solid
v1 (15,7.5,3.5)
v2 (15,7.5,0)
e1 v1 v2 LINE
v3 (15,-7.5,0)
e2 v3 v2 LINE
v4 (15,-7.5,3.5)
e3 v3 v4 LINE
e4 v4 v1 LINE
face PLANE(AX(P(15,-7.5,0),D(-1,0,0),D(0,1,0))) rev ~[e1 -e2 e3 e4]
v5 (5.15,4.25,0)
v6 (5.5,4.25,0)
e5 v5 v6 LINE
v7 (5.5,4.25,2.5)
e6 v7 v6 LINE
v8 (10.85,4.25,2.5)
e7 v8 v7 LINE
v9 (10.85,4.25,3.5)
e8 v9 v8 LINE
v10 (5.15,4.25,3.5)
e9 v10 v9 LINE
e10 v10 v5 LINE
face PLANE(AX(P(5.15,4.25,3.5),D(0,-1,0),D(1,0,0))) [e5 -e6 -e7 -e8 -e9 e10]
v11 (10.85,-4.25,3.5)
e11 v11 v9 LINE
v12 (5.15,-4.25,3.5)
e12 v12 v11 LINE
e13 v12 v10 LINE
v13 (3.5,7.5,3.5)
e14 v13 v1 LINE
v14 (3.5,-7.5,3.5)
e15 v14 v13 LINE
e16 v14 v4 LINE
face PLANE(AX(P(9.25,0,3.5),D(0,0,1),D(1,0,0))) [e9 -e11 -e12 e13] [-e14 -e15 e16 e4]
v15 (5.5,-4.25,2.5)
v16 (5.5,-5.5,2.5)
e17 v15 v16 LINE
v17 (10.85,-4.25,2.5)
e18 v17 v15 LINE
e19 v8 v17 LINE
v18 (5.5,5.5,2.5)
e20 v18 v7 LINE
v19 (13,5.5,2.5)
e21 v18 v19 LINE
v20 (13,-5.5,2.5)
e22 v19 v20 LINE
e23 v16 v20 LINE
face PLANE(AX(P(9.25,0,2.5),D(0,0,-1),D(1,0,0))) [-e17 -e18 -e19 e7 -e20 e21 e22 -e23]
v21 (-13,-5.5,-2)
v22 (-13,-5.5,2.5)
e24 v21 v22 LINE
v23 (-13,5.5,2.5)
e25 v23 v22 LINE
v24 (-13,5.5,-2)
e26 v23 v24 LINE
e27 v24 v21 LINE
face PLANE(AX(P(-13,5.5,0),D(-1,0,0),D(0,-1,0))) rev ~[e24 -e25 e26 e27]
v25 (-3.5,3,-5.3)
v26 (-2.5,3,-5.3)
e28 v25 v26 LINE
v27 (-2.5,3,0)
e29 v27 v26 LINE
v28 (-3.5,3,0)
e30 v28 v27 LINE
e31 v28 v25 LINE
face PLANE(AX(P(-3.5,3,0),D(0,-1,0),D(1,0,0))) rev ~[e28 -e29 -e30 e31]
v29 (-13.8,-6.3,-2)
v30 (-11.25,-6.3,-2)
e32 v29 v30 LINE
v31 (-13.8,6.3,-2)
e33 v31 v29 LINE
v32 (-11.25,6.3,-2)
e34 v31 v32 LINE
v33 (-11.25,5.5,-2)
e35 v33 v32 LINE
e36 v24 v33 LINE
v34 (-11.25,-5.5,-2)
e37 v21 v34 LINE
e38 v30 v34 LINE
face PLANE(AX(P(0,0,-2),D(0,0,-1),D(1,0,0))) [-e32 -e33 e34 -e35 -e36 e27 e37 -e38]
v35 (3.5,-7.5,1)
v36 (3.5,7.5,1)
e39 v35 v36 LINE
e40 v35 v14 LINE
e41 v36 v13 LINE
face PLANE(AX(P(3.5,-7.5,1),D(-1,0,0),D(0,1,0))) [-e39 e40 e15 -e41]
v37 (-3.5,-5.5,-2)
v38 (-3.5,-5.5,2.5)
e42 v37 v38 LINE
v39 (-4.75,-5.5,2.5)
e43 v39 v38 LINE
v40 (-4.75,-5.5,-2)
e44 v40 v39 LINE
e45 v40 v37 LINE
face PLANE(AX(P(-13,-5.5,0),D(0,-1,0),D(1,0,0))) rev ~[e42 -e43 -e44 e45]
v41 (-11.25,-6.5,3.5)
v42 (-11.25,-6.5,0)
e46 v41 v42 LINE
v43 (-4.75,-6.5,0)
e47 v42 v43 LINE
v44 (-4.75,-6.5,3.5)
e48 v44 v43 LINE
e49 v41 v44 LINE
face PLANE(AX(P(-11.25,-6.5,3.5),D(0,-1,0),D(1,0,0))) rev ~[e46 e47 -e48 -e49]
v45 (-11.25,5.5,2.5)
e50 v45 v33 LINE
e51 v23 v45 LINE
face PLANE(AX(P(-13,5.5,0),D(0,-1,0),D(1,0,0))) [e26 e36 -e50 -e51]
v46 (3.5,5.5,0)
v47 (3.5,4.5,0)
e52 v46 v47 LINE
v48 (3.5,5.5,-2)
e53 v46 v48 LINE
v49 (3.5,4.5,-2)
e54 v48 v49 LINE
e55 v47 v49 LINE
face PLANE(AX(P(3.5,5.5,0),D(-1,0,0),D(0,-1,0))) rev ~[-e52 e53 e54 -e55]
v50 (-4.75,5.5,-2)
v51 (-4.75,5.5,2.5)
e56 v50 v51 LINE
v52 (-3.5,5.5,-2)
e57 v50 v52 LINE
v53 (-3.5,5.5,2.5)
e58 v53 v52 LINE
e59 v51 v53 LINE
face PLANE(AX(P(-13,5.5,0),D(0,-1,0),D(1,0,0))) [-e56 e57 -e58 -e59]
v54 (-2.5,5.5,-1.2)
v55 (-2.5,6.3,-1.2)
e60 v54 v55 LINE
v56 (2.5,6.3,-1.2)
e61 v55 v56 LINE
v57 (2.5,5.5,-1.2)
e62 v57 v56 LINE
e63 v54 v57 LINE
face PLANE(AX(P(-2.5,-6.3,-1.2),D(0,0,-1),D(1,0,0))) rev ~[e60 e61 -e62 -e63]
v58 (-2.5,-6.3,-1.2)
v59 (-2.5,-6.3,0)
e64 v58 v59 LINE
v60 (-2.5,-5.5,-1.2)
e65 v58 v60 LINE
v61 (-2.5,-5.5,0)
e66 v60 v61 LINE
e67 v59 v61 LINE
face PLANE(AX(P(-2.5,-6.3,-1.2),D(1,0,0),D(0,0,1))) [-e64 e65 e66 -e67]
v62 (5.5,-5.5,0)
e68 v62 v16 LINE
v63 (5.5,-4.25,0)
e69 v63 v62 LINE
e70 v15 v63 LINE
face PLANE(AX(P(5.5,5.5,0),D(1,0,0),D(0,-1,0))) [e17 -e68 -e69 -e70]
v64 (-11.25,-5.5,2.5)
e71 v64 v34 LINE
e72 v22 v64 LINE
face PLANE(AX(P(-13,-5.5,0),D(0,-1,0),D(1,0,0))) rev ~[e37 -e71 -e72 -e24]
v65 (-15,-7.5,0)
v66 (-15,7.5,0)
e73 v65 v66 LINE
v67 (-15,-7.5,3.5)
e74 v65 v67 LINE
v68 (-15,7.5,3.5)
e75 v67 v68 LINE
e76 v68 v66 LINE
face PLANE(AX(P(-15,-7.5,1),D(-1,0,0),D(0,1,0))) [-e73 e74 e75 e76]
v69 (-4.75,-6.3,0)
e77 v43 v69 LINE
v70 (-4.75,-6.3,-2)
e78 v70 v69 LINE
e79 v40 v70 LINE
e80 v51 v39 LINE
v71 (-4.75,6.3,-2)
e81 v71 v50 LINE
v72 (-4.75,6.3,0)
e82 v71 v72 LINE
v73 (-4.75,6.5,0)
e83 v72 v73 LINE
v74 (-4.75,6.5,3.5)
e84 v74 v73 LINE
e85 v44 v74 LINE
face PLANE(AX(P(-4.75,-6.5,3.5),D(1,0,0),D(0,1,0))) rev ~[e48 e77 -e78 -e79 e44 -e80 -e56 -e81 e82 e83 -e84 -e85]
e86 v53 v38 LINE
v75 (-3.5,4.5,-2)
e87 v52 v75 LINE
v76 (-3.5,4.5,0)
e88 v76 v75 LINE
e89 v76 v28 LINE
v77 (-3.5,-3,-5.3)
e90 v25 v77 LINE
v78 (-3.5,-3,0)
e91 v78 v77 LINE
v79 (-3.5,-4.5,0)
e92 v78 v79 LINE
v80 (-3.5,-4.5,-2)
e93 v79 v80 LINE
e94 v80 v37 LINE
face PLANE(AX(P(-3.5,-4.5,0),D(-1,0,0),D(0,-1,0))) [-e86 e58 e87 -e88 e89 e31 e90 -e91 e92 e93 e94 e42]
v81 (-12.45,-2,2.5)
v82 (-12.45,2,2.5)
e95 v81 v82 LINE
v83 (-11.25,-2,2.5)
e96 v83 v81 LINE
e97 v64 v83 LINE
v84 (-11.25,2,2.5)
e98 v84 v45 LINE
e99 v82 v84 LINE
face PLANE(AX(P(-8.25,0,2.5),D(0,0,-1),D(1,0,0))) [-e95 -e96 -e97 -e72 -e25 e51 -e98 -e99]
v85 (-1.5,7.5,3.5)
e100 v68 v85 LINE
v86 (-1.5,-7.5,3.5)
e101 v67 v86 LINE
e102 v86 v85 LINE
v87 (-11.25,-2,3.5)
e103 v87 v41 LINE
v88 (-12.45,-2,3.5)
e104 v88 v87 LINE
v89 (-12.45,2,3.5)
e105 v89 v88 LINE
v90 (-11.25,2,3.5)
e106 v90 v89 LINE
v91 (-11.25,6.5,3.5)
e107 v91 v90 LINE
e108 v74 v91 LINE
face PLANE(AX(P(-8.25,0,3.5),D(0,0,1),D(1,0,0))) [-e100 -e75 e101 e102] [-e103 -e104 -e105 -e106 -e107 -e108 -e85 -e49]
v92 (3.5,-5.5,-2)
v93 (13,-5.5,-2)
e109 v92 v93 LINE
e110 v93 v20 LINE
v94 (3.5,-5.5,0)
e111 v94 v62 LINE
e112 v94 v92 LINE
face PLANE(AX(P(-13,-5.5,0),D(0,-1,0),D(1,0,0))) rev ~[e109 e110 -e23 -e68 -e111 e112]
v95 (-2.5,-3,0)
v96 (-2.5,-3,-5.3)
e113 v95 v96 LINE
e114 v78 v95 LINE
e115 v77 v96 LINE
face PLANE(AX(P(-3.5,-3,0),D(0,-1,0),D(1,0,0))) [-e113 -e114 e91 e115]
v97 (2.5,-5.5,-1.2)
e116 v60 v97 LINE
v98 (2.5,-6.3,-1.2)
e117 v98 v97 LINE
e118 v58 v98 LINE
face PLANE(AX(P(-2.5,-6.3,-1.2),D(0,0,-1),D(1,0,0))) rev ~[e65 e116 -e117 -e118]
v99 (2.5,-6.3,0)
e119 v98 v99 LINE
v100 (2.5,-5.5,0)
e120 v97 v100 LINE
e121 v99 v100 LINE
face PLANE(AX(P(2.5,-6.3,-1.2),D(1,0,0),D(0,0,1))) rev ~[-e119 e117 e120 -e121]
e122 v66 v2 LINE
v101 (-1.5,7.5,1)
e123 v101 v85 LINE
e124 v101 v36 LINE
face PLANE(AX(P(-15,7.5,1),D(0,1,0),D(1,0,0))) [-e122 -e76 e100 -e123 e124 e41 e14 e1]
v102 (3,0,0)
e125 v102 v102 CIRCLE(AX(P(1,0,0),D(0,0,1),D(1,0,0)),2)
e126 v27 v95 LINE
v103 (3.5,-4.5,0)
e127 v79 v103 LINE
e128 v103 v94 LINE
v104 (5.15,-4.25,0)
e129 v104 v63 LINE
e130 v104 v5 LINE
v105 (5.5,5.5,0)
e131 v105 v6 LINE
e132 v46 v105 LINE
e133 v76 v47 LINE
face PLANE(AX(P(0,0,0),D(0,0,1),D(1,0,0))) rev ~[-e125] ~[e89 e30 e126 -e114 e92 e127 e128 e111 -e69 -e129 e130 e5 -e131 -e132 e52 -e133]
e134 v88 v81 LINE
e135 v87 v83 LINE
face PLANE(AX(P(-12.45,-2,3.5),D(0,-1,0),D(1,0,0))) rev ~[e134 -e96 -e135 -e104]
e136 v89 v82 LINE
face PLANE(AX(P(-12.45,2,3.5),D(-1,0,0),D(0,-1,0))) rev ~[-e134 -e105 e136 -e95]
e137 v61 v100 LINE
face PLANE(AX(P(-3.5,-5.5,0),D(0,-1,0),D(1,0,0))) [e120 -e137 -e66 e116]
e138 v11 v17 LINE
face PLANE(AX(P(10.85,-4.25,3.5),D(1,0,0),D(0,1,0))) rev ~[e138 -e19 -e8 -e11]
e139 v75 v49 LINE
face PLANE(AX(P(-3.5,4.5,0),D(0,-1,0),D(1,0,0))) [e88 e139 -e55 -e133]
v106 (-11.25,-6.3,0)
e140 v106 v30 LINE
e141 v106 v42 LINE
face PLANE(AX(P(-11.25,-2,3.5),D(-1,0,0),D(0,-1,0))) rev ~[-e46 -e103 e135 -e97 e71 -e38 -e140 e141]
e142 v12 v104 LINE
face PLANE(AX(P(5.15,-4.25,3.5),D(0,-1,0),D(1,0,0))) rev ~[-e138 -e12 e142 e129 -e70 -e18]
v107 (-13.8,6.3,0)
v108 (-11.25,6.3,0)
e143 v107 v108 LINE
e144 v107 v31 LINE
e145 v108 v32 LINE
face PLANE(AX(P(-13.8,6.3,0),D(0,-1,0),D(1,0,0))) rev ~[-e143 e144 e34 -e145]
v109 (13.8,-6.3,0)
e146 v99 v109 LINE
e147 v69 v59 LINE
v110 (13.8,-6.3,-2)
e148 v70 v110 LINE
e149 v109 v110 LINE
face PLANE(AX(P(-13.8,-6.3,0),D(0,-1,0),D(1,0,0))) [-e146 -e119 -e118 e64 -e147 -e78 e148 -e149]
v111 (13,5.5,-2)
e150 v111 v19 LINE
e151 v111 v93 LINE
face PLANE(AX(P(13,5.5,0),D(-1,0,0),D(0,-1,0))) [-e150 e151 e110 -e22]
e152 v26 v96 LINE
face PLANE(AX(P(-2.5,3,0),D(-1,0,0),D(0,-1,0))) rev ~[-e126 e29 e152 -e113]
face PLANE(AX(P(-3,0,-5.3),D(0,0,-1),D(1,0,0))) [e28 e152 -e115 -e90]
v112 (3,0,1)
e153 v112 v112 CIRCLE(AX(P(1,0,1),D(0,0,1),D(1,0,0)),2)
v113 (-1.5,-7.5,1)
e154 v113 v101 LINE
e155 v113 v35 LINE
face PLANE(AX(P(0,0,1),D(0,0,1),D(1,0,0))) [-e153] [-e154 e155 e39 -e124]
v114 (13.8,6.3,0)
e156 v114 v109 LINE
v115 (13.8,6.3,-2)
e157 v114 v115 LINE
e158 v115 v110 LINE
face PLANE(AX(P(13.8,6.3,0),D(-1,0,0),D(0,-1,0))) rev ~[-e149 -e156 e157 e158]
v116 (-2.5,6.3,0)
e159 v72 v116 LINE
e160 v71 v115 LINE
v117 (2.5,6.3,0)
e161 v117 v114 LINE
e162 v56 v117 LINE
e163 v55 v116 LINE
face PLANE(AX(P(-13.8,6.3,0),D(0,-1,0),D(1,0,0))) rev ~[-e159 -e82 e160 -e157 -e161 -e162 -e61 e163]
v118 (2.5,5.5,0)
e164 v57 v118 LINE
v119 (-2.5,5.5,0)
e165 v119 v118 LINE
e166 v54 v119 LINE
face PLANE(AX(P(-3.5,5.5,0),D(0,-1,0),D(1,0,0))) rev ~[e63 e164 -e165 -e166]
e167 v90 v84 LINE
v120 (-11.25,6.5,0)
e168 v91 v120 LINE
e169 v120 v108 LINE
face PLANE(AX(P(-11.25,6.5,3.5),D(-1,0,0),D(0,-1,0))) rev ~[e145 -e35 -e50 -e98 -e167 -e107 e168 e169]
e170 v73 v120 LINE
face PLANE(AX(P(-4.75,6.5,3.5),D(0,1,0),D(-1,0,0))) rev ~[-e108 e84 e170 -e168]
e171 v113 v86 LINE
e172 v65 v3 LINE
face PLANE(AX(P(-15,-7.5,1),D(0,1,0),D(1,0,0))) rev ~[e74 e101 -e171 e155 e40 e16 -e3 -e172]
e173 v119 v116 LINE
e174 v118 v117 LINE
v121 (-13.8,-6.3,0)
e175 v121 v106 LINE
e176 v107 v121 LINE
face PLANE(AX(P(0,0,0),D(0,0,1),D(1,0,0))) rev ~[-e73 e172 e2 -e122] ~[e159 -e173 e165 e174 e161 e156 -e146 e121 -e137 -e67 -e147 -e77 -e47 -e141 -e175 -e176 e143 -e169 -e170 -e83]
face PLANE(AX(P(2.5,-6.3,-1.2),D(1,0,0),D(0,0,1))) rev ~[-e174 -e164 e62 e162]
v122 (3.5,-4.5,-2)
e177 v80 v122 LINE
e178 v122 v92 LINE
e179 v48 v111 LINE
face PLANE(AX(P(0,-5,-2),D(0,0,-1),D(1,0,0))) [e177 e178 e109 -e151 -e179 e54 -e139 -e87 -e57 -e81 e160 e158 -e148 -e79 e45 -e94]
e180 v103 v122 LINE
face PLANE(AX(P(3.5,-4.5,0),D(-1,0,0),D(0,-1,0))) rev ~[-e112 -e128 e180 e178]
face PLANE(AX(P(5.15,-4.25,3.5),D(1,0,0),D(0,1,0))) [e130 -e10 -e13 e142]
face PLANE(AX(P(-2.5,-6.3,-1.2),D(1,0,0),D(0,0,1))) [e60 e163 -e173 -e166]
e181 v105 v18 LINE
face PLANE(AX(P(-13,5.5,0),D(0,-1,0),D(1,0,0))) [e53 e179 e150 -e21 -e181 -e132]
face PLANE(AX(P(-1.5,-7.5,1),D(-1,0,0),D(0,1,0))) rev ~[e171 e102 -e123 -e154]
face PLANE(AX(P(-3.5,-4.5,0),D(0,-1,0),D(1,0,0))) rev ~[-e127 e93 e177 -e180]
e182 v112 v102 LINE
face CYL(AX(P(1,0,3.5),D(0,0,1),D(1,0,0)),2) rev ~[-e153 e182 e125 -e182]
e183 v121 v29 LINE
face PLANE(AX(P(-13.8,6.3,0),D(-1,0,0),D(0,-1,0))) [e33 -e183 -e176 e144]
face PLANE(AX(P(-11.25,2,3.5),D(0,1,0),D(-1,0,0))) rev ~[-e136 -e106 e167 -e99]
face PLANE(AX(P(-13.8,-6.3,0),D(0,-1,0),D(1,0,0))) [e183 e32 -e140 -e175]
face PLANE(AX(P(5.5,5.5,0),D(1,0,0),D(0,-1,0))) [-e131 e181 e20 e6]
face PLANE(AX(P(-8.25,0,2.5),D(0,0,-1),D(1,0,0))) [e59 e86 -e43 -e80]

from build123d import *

# Parameters (mm, degrees)
SKETCH_W        = 30
SKETCH_H        = 15
PAD_DEPTH       = 1
SKETCH001_W     = 13.5
SKETCH001_H     = 15
SKETCH001_W_2   = 11.5
PAD001_DEPTH    = 2.5
SKETCH002_W     = 9.5
SKETCH002_H     = 11
SKETCH002_W_2   = 7.5
POCKET_DEPTH    = 2.5
SKETCH003_W     = 27.6
SKETCH003_H     = 12.6
SKETCH003_W_2   = 26
SKETCH003_H_2   = 11
PAD002_DEPTH    = 2
SKETCH004_W     = 5
SKETCH004_H     = 1.2
POCKET001_DEPTH = 13.801
SKETCH005_R     = 2
SKETCH005_W     = 5.7
SKETCH005_H     = 8.5
POCKET002_DEPTH = 5.501
SKETCH006_W     = 1
SKETCH006_H     = 6
PAD003_DEPTH    = 5.3
SKETCH007_W     = 7
SKETCH007_H     = 1
PAD004_DEPTH    = 2


with BuildPart() as part:
    # Sketch → Pad (new body)
    with BuildSketch(Plane.XY):
        Rectangle(SKETCH_W, SKETCH_H)
    extrude(amount=PAD_DEPTH)

    # Sketch001 (on Face6 of Pad) → Pad001 (join)
    with BuildSketch(Plane.XY.offset(1)):
        with Locations((-8.25, 0)):
            Rectangle(SKETCH001_W, SKETCH001_H)
        with Locations((9.25, 0)):
            Rectangle(SKETCH001_W_2, SKETCH001_H)
    extrude(amount=PAD001_DEPTH)

    # Sketch002 (on Face1 of Pad001) → Pocket (cut)
    with BuildSketch(Plane(origin=(0, 0, 0), x_dir=(1, 0, 0), z_dir=(0, 0, -1))):
        with Locations((-8.25, 0)):
            Rectangle(SKETCH002_W, SKETCH002_H)
        with Locations((9.25, 0)):
            Rectangle(SKETCH002_W_2, SKETCH002_H)
    extrude(amount=-POCKET_DEPTH, mode=Mode.SUBTRACT)

    # Sketch003 (on Face1 of Pocket) → Pad002 (join)
    with BuildSketch(Plane(origin=(0, 0, 0), x_dir=(1, 0, 0), z_dir=(0, 0, -1))):
        Rectangle(SKETCH003_W, SKETCH003_H)
        Rectangle(SKETCH003_W_2, SKETCH003_H_2, mode=Mode.SUBTRACT)
    extrude(amount=PAD002_DEPTH)

    # Sketch004 (on Face13 of Pad002) → Pocket001 (cut, through all)
    with BuildSketch(Plane.XZ.offset(6.3)):
        with Locations((0, -0.6)):
            Rectangle(SKETCH004_W, SKETCH004_H)
    extrude(amount=-POCKET001_DEPTH, mode=Mode.SUBTRACT)

    # Sketch005 (on Face16 of Pocket001) → Pocket002 (cut, through all)
    with BuildSketch(Plane.XY.offset(3.5)):
        with Locations((1, 0)):
            Circle(SKETCH005_R)
        with Locations((8, 0)):
            Rectangle(SKETCH005_W, SKETCH005_H)
        Polygon((-11.25, 6.5), (-11.25, 2), (-12.45, 2), (-12.45, -2), (-11.25, -2), (-11.25, -6.5), (-4.75, -6.5), (-4.75, 6.5), align=None)
    extrude(amount=-POCKET002_DEPTH, mode=Mode.SUBTRACT)

    # Sketch006 (on Face60 of Pocket002) → Pad003 (join)
    with BuildSketch(Plane(origin=(0, 0, 0), x_dir=(1, 0, 0), z_dir=(0, 0, -1))):
        with Locations((-3, 0)):
            Rectangle(SKETCH006_W, SKETCH006_H)
    extrude(amount=PAD003_DEPTH)

    # Sketch007 (on Face39 of Pad003) → Pad004 (join)
    with BuildSketch(Plane(origin=(0, 0, 0), x_dir=(1, 0, 0), z_dir=(0, 0, -1))):
        with Locations((0, 5)):
            Rectangle(SKETCH007_W, SKETCH007_H)
        with Locations((0, -5)):
            Rectangle(SKETCH007_W, SKETCH007_H)
    extrude(amount=PAD004_DEPTH)


solid = part.part
